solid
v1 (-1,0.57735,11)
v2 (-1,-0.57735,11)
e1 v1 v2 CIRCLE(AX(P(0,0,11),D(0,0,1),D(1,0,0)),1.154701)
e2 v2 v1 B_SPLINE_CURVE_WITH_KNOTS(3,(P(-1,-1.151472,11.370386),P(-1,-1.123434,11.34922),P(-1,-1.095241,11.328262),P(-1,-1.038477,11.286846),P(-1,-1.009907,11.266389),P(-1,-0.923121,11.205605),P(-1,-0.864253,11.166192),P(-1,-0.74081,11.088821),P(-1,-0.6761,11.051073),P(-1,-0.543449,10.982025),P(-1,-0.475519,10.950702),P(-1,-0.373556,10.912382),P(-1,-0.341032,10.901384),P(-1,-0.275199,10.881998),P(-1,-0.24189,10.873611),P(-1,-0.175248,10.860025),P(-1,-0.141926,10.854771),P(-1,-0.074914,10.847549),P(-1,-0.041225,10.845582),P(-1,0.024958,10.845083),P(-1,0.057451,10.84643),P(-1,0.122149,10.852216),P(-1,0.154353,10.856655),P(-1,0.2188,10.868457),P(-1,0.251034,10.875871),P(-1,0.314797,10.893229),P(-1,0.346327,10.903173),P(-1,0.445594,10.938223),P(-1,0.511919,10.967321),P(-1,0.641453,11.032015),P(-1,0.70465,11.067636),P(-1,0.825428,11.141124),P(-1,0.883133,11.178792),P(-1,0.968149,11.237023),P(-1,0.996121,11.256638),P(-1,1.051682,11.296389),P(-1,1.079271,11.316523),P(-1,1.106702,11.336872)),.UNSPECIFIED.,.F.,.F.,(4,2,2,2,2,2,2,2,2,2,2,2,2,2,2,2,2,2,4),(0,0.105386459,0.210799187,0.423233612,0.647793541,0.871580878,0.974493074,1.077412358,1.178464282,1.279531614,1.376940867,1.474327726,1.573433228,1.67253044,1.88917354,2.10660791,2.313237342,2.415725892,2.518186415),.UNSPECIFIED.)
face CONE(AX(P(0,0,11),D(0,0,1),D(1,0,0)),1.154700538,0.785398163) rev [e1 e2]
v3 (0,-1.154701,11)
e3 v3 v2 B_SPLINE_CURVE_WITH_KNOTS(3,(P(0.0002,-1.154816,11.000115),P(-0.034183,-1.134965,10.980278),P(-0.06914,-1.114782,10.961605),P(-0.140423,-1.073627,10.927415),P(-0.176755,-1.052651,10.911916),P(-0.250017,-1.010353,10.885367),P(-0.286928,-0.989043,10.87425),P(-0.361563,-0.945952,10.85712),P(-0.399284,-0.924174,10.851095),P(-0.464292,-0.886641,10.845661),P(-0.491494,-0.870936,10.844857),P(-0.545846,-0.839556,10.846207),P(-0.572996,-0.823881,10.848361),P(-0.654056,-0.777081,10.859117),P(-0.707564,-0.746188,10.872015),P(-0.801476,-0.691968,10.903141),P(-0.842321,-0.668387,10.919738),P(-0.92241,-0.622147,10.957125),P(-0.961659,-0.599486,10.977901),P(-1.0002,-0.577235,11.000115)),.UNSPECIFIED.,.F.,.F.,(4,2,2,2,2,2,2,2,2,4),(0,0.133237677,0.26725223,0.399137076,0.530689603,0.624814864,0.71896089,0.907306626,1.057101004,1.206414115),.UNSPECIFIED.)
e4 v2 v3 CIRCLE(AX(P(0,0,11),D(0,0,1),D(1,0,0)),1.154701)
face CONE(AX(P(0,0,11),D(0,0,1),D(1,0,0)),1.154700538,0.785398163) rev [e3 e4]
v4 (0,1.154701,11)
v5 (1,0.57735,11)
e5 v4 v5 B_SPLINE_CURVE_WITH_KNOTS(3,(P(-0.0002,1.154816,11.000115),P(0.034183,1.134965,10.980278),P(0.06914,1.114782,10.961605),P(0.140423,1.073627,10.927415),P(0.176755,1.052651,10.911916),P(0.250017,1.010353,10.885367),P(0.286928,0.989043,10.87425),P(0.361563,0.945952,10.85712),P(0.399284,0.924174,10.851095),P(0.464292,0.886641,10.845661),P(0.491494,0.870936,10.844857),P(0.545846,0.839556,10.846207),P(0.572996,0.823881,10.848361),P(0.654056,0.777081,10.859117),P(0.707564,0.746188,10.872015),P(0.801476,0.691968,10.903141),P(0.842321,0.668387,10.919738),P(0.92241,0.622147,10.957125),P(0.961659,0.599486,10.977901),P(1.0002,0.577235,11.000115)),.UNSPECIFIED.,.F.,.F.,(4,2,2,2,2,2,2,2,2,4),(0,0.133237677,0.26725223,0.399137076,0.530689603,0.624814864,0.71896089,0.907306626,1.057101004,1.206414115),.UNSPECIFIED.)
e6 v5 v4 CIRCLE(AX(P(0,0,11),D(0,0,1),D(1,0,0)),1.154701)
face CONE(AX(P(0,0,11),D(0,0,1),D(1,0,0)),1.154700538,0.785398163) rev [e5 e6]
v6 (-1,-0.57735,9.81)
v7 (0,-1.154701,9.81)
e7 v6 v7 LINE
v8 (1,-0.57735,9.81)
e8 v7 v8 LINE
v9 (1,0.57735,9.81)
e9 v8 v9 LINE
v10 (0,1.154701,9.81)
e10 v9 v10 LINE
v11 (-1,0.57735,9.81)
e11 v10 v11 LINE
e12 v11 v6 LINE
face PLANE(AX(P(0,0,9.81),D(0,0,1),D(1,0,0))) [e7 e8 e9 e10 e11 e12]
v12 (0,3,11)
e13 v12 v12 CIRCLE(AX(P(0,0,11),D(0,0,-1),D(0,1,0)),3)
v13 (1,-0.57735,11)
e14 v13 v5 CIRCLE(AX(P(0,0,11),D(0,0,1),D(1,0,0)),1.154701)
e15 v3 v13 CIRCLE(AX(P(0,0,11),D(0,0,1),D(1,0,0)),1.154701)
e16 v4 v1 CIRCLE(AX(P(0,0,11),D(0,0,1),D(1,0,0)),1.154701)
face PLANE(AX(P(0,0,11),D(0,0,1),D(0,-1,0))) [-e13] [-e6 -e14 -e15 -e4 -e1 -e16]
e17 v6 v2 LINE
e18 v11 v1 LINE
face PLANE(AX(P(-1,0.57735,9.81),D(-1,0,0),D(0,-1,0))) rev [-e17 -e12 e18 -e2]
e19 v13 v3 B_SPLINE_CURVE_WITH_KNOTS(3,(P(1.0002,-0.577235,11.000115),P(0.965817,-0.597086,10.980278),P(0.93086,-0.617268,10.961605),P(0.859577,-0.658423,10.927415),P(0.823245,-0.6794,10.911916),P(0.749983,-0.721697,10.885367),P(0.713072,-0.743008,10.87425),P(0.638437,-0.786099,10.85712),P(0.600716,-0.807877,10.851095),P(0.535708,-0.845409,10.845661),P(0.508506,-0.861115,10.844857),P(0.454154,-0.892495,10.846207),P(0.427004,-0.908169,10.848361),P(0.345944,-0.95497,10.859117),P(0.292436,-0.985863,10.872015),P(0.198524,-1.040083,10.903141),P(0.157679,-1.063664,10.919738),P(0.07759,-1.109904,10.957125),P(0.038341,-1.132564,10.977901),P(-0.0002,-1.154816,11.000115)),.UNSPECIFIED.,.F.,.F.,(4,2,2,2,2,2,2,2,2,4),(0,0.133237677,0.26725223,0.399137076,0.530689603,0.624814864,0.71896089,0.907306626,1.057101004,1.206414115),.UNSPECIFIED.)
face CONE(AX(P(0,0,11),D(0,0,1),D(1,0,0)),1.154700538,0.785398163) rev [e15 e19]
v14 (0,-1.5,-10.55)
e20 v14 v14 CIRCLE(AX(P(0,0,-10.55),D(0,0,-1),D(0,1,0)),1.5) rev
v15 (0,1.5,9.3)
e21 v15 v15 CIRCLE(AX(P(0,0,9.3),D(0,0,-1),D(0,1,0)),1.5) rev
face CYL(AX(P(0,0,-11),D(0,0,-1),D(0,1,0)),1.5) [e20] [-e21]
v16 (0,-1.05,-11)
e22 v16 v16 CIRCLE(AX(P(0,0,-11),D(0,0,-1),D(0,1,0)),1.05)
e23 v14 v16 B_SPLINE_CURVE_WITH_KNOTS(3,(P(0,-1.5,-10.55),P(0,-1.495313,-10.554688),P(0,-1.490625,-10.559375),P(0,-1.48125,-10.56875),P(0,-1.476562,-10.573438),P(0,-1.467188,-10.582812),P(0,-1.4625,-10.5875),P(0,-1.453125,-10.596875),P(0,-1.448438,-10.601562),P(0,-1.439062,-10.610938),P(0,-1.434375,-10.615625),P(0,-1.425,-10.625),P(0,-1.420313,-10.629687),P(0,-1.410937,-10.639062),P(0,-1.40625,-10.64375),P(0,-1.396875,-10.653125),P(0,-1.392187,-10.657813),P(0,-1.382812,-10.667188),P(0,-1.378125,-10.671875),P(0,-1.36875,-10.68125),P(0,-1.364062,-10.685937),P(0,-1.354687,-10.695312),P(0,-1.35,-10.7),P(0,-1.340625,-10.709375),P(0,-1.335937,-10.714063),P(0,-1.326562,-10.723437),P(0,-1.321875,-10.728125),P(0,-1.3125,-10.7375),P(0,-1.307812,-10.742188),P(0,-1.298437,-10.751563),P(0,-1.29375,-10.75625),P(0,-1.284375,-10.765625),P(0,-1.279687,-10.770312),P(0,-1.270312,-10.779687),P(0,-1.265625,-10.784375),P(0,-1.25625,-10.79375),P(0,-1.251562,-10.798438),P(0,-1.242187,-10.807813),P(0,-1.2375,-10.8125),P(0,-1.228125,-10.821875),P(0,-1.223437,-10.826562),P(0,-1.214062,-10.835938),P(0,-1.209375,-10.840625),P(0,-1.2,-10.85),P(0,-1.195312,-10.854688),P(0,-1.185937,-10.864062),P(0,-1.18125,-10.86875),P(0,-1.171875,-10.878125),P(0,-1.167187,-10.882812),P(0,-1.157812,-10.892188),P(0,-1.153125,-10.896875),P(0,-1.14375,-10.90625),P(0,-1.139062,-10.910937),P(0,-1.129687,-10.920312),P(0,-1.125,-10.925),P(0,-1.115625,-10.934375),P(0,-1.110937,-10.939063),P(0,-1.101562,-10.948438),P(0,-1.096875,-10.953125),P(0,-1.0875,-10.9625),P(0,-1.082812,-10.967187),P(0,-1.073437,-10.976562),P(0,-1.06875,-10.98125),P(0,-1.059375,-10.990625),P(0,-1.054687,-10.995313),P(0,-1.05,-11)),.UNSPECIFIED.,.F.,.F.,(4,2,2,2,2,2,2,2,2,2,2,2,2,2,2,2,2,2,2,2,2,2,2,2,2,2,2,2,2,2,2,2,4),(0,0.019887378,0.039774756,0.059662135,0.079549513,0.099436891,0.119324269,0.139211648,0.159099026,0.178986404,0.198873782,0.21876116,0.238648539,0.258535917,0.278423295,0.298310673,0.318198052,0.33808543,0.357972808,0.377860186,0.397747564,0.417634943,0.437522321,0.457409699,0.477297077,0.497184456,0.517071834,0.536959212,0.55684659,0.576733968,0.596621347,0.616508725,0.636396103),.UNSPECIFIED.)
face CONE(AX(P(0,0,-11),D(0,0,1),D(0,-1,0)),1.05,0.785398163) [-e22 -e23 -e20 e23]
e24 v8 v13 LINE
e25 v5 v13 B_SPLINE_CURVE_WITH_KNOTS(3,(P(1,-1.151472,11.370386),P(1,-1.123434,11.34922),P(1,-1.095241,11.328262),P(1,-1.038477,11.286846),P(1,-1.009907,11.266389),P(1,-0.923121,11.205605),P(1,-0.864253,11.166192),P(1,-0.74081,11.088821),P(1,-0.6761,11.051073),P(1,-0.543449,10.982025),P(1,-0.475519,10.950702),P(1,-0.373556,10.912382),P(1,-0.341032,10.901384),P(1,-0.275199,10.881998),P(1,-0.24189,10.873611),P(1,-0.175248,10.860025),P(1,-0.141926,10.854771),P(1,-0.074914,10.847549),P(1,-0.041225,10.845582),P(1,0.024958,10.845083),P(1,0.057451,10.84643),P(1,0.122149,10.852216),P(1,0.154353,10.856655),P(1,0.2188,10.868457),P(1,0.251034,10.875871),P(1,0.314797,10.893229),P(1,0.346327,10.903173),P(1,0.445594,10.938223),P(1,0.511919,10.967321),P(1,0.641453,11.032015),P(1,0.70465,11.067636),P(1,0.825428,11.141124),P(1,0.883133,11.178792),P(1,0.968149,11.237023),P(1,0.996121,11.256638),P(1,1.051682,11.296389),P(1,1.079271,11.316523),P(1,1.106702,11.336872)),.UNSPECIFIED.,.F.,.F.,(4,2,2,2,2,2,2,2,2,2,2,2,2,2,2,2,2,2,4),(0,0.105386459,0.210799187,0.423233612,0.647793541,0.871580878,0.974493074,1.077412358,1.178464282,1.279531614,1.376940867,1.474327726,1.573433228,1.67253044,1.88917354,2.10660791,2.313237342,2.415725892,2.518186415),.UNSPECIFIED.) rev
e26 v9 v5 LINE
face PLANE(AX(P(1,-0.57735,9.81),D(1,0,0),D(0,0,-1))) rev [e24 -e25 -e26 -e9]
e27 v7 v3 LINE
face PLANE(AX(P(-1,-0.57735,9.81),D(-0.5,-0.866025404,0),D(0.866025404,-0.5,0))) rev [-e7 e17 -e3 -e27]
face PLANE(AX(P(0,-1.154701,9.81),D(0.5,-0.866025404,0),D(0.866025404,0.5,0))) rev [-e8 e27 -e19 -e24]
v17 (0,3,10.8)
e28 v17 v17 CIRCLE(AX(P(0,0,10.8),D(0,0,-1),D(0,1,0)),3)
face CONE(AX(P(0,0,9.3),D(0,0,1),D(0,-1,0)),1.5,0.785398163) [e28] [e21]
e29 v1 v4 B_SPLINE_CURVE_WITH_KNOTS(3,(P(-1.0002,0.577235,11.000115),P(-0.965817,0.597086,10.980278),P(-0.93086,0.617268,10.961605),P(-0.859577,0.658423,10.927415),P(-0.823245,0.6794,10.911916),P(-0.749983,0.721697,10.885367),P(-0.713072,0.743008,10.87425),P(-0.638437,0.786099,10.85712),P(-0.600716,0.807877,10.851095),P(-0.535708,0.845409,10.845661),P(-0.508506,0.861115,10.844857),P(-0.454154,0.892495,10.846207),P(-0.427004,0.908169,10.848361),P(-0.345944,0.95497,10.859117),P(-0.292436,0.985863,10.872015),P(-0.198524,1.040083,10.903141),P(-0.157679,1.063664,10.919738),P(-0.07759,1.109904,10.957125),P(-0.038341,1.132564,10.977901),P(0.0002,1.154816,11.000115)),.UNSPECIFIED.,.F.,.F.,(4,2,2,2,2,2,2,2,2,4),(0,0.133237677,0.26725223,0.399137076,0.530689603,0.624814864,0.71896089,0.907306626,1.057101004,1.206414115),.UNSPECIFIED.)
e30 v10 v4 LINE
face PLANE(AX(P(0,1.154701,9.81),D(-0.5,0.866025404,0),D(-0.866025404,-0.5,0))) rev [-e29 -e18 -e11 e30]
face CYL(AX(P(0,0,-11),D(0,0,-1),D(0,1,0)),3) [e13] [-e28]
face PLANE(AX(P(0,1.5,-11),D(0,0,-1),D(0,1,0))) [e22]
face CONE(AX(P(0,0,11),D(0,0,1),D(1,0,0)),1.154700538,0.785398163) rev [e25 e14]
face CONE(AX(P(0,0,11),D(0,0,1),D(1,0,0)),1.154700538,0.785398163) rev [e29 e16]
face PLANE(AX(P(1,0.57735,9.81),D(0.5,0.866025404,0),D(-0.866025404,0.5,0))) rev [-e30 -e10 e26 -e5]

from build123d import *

# Parameters (mm, degrees)
SKETCH3_W          = 22
SKETCH3_H          = 1.5
CHAMFER1_SIZE      = 0.45
CUT_EXTRUDE1_DEPTH = 1.19


with BuildPart() as part:
    # Sketch3 → Revolve1 (revolve)
    with BuildSketch(Plane(origin=(0, 0, 0), x_dir=(0, 0, -1), z_dir=(1, 0, 0))):
        with Locations((0, 0.75)):
            Rectangle(SKETCH3_W, SKETCH3_H)
    revolve(axis=Axis((0, 0, -11), (0, 0, 1)))

    # Chamfer1
    chamfer1_edges = [part.edges().sort_by_distance(p)[0] for p in [
        (0, -1.5, -11),
    ]]
    chamfer(chamfer1_edges, length=CHAMFER1_SIZE)

    # Sketch6 → Revolve2 (revolve)
    with BuildSketch(Plane(origin=(0, 0, 0), x_dir=(0, 0, -1), z_dir=(1, 0, 0))):
        Polygon((-11, 3), (-10.8, 3), (-9.3, 1.5), (-9.3, 0), (-11, 0), align=None)
    revolve(axis=Axis((0, 0, -11), (0, 0, 1)))

    # Sketch8 → Cut-Extrude1 (cut)
    with BuildSketch(Plane.XY.offset(11)):
        Polygon((0, 1.154700538), (-1, 0.577350269), (-1, -0.577350269), (0, -1.154700538), (1, -0.577350269), (1, 0.577350269), align=None)
    extrude(amount=-CUT_EXTRUDE1_DEPTH, mode=Mode.SUBTRACT)

    # Cut-Extrude2 cone 1 section (through the dimple's axis) → Cut-Extrude2 (revolve, cut)
    with BuildSketch(Plane(origin=(0, 0, 11), x_dir=(0, -1, 0), z_dir=(1, 0, 0))):
        Polygon((0, 0), (1.154700538, 0), (0, 1.154700538), align=None)
    revolve(axis=Axis((0, 0, 11), (0, 0, -1)), mode=Mode.SUBTRACT)


solid = part.part
